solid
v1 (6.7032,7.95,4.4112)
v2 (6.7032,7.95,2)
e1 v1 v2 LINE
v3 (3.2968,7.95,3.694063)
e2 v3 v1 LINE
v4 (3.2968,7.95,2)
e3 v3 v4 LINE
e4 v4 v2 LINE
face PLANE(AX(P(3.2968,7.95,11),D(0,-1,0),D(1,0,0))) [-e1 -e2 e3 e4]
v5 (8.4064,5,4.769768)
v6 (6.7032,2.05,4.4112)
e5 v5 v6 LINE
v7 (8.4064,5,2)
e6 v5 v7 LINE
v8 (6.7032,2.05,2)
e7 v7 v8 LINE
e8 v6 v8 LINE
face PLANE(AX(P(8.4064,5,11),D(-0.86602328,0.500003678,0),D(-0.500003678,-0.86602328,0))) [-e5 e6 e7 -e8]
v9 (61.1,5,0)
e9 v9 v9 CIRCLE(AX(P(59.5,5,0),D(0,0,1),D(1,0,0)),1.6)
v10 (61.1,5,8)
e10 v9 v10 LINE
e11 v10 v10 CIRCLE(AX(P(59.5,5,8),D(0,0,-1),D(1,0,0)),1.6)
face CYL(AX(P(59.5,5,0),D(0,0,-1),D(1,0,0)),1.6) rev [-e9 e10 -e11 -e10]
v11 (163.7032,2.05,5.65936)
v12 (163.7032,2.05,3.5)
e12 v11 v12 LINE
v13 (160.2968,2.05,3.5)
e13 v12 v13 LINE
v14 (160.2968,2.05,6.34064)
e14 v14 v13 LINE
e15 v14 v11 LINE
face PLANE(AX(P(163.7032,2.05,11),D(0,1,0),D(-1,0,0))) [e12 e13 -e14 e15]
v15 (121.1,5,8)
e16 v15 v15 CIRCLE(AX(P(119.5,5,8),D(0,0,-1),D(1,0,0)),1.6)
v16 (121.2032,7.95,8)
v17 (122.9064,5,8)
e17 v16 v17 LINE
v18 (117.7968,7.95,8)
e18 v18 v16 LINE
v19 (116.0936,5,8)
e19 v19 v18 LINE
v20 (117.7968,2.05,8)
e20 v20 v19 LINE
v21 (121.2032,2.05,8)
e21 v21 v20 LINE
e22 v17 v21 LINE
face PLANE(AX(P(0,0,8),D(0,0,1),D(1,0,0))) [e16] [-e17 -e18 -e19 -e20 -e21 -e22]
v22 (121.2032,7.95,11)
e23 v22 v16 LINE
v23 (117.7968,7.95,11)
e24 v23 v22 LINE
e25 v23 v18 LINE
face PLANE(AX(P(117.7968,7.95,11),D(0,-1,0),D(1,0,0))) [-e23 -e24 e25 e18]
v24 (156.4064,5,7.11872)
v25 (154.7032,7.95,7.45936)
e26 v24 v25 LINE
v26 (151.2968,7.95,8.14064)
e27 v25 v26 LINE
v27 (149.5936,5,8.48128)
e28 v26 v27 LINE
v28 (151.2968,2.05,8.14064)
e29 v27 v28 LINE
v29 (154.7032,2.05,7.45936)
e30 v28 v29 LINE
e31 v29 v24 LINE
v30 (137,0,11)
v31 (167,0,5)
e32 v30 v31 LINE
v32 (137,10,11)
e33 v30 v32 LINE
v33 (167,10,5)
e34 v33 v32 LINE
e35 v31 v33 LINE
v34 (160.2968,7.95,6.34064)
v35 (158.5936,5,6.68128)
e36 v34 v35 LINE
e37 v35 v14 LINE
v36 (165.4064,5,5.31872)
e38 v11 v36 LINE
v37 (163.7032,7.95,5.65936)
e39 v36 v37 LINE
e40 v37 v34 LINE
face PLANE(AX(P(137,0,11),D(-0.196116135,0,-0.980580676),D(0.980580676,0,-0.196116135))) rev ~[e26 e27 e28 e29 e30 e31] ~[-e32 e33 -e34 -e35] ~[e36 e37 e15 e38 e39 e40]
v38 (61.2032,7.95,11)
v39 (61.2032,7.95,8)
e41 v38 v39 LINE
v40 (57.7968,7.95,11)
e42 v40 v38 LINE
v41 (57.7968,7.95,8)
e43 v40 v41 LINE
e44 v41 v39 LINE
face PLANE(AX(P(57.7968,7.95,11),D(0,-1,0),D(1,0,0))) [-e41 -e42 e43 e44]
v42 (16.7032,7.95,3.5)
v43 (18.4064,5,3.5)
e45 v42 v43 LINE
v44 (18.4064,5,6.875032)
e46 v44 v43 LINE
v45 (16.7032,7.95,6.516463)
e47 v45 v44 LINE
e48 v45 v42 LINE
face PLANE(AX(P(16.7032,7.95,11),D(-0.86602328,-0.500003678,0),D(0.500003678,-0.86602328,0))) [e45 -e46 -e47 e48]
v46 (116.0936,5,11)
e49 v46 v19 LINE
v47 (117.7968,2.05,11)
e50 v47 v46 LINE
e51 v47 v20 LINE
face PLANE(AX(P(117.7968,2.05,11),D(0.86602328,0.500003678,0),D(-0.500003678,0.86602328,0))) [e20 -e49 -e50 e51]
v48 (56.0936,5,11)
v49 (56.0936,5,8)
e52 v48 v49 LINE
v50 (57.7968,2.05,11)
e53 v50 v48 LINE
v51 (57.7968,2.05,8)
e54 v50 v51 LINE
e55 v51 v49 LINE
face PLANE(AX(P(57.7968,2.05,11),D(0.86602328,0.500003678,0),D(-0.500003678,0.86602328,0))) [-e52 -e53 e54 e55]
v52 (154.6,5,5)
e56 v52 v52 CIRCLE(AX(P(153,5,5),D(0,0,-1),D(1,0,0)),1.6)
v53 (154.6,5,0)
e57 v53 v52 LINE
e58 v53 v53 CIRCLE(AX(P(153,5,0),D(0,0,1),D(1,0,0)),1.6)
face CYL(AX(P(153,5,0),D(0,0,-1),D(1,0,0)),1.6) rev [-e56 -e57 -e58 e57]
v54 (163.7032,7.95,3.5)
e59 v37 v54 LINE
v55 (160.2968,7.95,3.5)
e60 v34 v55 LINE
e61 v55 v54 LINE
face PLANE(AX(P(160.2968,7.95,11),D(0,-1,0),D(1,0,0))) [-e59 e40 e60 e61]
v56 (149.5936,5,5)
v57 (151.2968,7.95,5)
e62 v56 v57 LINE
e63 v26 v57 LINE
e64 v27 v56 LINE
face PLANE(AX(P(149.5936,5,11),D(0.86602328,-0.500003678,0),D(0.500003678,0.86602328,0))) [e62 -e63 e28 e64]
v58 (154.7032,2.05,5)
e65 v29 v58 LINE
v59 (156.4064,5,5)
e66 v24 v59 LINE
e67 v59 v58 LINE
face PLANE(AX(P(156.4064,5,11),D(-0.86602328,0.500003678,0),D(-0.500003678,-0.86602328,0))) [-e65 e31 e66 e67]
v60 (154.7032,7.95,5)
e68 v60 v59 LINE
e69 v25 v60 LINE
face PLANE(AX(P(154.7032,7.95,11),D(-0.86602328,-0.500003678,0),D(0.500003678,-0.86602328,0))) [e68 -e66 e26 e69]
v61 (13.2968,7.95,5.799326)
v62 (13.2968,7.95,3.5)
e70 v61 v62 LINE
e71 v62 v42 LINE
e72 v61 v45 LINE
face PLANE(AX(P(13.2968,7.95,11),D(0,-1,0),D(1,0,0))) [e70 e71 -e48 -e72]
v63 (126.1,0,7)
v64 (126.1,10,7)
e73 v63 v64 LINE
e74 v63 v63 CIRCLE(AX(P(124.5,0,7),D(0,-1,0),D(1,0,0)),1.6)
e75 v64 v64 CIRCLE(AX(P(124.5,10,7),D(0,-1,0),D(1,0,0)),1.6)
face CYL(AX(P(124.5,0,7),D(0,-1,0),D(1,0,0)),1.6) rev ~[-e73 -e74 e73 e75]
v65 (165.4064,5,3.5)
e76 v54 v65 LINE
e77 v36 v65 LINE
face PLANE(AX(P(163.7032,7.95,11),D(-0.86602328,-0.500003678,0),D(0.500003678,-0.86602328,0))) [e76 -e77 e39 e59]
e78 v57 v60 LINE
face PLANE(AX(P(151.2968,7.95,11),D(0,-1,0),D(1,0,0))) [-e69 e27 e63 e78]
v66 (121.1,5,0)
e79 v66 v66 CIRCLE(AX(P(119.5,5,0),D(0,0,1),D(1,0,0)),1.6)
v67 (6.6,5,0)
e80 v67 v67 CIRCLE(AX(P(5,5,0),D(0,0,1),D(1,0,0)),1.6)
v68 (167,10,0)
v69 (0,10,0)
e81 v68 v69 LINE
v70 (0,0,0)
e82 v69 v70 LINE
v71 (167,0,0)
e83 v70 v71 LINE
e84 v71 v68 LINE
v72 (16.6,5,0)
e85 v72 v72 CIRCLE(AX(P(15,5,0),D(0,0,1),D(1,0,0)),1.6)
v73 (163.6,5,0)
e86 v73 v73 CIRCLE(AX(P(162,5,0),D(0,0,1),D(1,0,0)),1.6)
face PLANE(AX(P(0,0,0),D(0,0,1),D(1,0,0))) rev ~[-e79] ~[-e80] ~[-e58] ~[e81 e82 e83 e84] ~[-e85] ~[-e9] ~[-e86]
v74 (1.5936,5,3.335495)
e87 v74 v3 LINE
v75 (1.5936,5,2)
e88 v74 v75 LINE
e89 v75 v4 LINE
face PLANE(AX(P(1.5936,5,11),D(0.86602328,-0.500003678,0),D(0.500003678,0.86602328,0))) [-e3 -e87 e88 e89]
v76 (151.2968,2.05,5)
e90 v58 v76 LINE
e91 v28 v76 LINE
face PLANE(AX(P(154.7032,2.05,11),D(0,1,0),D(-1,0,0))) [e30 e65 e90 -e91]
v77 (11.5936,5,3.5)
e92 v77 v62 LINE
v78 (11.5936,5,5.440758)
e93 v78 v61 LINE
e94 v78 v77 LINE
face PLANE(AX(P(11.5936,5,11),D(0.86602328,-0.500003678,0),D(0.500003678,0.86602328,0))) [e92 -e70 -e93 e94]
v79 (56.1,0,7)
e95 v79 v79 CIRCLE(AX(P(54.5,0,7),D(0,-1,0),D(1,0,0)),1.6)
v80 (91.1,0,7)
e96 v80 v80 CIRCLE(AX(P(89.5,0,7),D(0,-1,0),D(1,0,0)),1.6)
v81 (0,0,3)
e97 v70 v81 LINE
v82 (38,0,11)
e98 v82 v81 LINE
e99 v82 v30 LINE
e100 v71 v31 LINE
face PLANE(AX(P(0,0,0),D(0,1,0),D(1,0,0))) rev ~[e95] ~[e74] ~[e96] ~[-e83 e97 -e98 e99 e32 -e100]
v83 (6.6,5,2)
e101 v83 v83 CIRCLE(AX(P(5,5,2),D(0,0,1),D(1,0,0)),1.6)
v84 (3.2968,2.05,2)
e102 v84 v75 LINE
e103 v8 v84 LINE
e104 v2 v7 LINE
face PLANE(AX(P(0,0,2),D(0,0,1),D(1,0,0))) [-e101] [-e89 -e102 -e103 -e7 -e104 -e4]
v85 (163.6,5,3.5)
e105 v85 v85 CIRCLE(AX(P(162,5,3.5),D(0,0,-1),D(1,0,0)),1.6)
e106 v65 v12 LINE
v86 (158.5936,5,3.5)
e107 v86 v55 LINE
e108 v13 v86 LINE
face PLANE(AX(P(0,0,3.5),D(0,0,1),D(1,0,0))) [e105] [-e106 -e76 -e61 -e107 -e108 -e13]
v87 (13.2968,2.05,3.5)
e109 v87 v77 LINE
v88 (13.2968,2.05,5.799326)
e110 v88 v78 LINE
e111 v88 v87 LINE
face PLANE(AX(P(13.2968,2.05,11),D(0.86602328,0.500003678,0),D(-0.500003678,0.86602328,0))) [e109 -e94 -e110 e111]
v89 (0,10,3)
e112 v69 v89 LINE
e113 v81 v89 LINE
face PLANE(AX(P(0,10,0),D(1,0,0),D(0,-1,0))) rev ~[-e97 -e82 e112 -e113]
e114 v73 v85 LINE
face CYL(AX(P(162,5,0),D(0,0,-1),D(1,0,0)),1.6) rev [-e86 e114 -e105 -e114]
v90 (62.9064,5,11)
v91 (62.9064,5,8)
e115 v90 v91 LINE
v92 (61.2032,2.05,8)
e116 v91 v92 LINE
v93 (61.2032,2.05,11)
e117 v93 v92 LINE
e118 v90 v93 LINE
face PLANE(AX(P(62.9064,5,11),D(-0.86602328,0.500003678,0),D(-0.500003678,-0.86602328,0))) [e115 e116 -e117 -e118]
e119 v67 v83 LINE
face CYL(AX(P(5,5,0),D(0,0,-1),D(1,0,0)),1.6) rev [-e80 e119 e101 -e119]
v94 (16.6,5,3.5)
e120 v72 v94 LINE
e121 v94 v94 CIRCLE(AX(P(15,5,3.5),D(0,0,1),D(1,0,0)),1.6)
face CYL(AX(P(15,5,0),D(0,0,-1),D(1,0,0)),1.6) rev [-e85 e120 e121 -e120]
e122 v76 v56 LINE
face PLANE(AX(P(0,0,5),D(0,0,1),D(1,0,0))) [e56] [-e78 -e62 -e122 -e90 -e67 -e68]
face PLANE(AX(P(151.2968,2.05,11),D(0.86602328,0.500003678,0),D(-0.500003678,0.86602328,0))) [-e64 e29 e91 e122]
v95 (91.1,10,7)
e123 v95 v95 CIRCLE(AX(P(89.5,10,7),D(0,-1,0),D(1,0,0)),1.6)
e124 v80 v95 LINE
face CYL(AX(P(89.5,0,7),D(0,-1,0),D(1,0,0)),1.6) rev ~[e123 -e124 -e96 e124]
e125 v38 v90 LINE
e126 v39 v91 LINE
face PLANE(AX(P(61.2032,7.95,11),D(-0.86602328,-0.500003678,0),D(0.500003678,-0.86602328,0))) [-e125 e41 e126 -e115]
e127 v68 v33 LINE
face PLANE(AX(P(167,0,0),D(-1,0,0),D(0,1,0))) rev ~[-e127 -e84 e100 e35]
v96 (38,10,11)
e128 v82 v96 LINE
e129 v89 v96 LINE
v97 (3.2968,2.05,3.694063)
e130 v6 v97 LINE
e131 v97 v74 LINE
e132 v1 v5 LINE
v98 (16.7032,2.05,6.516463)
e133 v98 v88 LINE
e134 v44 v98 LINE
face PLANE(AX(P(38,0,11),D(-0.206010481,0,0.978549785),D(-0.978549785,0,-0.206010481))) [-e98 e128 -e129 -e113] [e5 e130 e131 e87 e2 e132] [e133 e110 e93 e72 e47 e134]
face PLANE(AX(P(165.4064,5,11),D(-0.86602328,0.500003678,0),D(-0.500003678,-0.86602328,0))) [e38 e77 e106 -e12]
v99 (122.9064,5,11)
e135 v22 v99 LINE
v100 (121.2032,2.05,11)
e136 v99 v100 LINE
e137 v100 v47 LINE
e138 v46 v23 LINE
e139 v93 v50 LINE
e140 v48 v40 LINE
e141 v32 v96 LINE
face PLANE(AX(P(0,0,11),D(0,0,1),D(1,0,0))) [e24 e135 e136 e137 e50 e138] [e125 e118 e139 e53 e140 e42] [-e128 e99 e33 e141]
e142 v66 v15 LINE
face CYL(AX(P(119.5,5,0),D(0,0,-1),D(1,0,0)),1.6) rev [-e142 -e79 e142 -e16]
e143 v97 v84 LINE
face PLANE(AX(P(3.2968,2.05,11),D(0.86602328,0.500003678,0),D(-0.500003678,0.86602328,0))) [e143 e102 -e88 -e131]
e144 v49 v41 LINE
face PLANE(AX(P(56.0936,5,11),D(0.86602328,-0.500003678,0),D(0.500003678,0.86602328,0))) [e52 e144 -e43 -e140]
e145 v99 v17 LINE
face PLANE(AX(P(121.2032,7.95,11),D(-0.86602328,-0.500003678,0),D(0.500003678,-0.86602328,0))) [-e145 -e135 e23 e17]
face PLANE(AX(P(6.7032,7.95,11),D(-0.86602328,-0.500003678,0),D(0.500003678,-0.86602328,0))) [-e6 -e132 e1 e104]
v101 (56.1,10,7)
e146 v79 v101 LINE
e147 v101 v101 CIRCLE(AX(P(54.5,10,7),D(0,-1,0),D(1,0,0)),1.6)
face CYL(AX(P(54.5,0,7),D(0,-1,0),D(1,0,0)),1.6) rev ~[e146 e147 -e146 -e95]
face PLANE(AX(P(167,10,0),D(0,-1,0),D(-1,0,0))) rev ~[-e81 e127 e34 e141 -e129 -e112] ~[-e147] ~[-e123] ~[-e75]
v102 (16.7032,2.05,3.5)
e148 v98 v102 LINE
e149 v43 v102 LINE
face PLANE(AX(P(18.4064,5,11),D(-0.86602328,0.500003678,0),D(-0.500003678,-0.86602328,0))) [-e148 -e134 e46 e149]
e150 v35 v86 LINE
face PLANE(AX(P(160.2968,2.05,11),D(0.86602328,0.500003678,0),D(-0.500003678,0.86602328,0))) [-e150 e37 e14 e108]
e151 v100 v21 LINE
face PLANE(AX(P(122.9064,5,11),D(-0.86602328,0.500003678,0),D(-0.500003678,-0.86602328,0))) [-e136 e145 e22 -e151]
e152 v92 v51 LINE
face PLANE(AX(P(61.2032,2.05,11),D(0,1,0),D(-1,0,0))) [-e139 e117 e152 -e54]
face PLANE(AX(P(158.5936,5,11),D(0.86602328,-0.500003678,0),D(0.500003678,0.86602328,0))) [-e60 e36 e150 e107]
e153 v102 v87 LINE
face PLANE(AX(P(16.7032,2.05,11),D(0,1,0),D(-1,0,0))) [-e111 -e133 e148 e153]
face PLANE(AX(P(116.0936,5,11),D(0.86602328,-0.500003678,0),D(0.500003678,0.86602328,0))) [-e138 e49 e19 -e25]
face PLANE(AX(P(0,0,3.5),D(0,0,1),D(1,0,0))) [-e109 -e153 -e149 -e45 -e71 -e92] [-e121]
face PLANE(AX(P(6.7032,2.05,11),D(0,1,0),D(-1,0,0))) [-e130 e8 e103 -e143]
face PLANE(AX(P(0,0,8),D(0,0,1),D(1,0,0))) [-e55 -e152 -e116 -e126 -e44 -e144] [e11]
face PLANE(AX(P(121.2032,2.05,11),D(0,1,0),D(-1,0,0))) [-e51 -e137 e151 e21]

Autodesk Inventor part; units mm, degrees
ref_plane "YZ Plane" through (0, 0, 0) normal (1, 0, 0) x (0, 1, 0)
ref_plane "XZ Plane" through (0, 0, 0) normal (0, 1, 0) x (-1, 0, 0)
ref_plane "XY Plane" through (0, 0, 0) normal (0, 0, 1) x (1, 0, 0)
sketch "Sketch1" plane through (0, 0, 0) normal (0, 0, 1) x (1, 0, 0)
  line L0 (0, 0) -> (167, 0)
  line L1 (167, 0) -> (167, 10)
  line L2 (167, 10) -> (0, 10)
  line L3 (0, 10) -> (0, 0)
  circle A0 centre (59.5, 5) radius 1.6
  circle A1 centre (119.5, 5) radius 1.6
  circle A2 centre (162, 5) radius 1.6
  circle A3 centre (153, 5) radius 1.6
  circle A4 centre (15, 5) radius 1.6
  circle A5 centre (5, 5) radius 1.6
  dimension "d1" = 10
  dimension "d2" = 90
  dimension "d4" = 3.2
  dimension "d6" = 3.2
  dimension "d7" = 3.2
  dimension "d8" = 60
  dimension "d9" = 42.5
  dimension "d26" = 3.2
  dimension "d27" = 33.5
  dimension "d28" = 3.2
  dimension "d29" = 44.5
  dimension "d32" = 15
  dimension "d33" = 5
  dimension "d61" = 3.2
  dimension "d62" = 10
  dimension "d63" = 9
ref_plane "Work Plane2" through (0, 0, 0) normal (0, -1, 0) x (1, 0, 0)
sketch "Sketch2" plane through (0, 0, 0) normal (0, -1, 0) x (1, 0, 0)
  circle A0 centre (54.5, 7) radius 1.6
  circle A1 centre (124.5, 7) radius 1.6
  circle A2 centre (89.5, 7) radius 1.6
  point P0 (0, 0)
  dimension "d13" = 3.2
  dimension "d15" = 3.2
  dimension "d16" = 70
  dimension "d17" = 3.2
  dimension "d18" = 35
  dimension "d64" = 54.5
  dimension "d65" = 35
ref_plane "Work Plane1" through (0, 0, 11) normal (0, 0, 1) x (1, 0, 0)
extrude "klocek" add sketch "Sketch1" along normal blind 11
ref_plane "Work Plane3" through (0, 0, 0) normal (0, -1, 0) x (1, 0, 0)
extrude "prowadzenie osi" cut sketch "Sketch2" against normal up to next
ref_plane "Work Plane4" through (0, 0, 0) normal (0, -1, 0) x (1, 0, 0)
sketch "Sketch7" plane through (0, 0, 0) normal (0, -1, 0) x (1, 0, 0)
  line L0 (0, 11) -> (0, 3)
  line L1 (0, 11) -> (167, 11) projected
  line L2 (0, 11) -> (38, 11)
  line L3 (38, 11) -> (0, 3)
  point P0 (0, -1.8333)
  dimension "d86" = 8
  dimension "d87" = 38
sketch "Sketch8" plane through (0, 0, 0) normal (0, -1, 0) x (1, 0, 0)
  line L0 (167, 0) -> (167, 11) projected
  line L1 (167, 11) -> (167, 5)
  line L2 (167, 11) -> (0, 11) projected
  line L3 (167, 11) -> (137, 11)
  line L4 (137, 11) -> (167, 5)
  point P0 (0, 0)
  point P1 (40.8333, 11)
  dimension "d80" = 6
  dimension "d81" = 30
extrude "przedni skos" cut sketch "Sketch7" against normal up to next
extrude "tylni skos" cut sketch "Sketch8" against normal up to next
ref_plane "Work Plane7" through (0, 0, 11) normal (0, 0, 1) x (1, 0, 0)
sketch "Sketch5" plane through (0, 0, 11) normal (0, 0, 1) x (1, 0, 0)
  line L0 (62.9064, 5) -> (61.2032, 2.05)
  line L1 (61.2032, 2.05) -> (57.7968, 2.05)
  line L2 (57.7968, 2.05) -> (56.0936, 5)
  line L3 (56.0936, 5) -> (57.7968, 7.95)
  line L4 (57.7968, 7.95) -> (61.2032, 7.95)
  line L5 (61.2032, 7.95) -> (62.9064, 5)
  line L6 (122.9064, 5) -> (121.2032, 2.05)
  line L7 (121.2032, 2.05) -> (117.7968, 2.05)
  line L8 (117.7968, 2.05) -> (116.0936, 5)
  line L9 (116.0936, 5) -> (117.7968, 7.95)
  line L10 (117.7968, 7.95) -> (121.2032, 7.95)
  line L11 (121.2032, 7.95) -> (122.9064, 5)
  point P0 (59.5, 5)
  point P1 (119.5, 5)
  point P2 (119.5, 5)
  dimension "d44" = 5.9
  dimension "d45" = 5.9
extrude "hex insert middle" cut sketch "Sketch5" against normal blind 3
ref_plane "Work Plane6" through (0, 0, 11) normal (0, 0, 1) x (1, 0, 0)
sketch "Sketch9" plane through (0, 0, 11) normal (0, 0, 1) x (1, 0, 0)
  line L0 (156.4064, 5) -> (154.7032, 2.05)
  line L1 (154.7032, 2.05) -> (151.2968, 2.05)
  line L2 (151.2968, 2.05) -> (149.5936, 5)
  line L3 (149.5936, 5) -> (151.2968, 7.95)
  line L4 (151.2968, 7.95) -> (154.7032, 7.95)
  line L5 (154.7032, 7.95) -> (156.4064, 5)
  point P0 (0, 0)
  point P1 (153, 5)
  point P2 (153, 5)
  dimension "d51" = 5.9
extrude "hex insert rear 1" cut sketch "Sketch9" against normal blind 6
ref_plane "Work Plane5" through (0, 0, 11) normal (0, 0, 1) x (1, 0, 0)
sketch "Sketch10" plane through (0, 0, 11) normal (0, 0, 1) x (1, 0, 0)
  line L0 (160.2968, 7.95) -> (163.7032, 7.95)
  line L1 (163.7032, 7.95) -> (165.4064, 5)
  line L2 (165.4064, 5) -> (163.7032, 2.05)
  line L3 (163.7032, 2.05) -> (160.2968, 2.05)
  line L4 (160.2968, 2.05) -> (158.5936, 5)
  line L5 (158.5936, 5) -> (160.2968, 7.95)
  point P0 (0, 0)
  point P1 (162, 5)
  point P2 (162, 5)
  dimension "d72" = 5.9
extrude "hex insert rear 2" cut sketch "Sketch10" against normal blind 7.5
sketch "Sketch13" plane through (0, 0, 11) normal (0, 0, 1) x (1, 0, 0)
  circle A0 centre (5, 5) radius 1.6 projected
  line L0 (8.4064, 5) -> (6.7032, 2.05)
  line L1 (6.7032, 2.05) -> (3.2968, 2.05)
  line L2 (3.2968, 2.05) -> (1.5936, 5)
  line L3 (1.5936, 5) -> (3.2968, 7.95)
  line L4 (3.2968, 7.95) -> (6.7032, 7.95)
  line L5 (6.7032, 7.95) -> (8.4064, 5)
  point P0 (0, 0)
  dimension "d90" = 5.9
extrude "Extrusion18" cut sketch "Sketch13" against normal blind 9
sketch "Sketch16" plane through (0, 0, 11) normal (0, 0, 1) x (1, 0, 0)
  circle A0 centre (15, 5) radius 1.6 projected
  line L0 (18.4064, 5) -> (16.7032, 2.05)
  line L1 (16.7032, 2.05) -> (13.2968, 2.05)
  line L2 (13.2968, 2.05) -> (11.5936, 5)
  line L3 (11.5936, 5) -> (13.2968, 7.95)
  line L4 (13.2968, 7.95) -> (16.7032, 7.95)
  line L5 (16.7032, 7.95) -> (18.4064, 5)
  point P0 (0, 0)
  dimension "d93" = 5.9
extrude "Extrusion19" cut sketch "Sketch16" against normal blind 7.5
properties part number "new_wheel_support_v3"
